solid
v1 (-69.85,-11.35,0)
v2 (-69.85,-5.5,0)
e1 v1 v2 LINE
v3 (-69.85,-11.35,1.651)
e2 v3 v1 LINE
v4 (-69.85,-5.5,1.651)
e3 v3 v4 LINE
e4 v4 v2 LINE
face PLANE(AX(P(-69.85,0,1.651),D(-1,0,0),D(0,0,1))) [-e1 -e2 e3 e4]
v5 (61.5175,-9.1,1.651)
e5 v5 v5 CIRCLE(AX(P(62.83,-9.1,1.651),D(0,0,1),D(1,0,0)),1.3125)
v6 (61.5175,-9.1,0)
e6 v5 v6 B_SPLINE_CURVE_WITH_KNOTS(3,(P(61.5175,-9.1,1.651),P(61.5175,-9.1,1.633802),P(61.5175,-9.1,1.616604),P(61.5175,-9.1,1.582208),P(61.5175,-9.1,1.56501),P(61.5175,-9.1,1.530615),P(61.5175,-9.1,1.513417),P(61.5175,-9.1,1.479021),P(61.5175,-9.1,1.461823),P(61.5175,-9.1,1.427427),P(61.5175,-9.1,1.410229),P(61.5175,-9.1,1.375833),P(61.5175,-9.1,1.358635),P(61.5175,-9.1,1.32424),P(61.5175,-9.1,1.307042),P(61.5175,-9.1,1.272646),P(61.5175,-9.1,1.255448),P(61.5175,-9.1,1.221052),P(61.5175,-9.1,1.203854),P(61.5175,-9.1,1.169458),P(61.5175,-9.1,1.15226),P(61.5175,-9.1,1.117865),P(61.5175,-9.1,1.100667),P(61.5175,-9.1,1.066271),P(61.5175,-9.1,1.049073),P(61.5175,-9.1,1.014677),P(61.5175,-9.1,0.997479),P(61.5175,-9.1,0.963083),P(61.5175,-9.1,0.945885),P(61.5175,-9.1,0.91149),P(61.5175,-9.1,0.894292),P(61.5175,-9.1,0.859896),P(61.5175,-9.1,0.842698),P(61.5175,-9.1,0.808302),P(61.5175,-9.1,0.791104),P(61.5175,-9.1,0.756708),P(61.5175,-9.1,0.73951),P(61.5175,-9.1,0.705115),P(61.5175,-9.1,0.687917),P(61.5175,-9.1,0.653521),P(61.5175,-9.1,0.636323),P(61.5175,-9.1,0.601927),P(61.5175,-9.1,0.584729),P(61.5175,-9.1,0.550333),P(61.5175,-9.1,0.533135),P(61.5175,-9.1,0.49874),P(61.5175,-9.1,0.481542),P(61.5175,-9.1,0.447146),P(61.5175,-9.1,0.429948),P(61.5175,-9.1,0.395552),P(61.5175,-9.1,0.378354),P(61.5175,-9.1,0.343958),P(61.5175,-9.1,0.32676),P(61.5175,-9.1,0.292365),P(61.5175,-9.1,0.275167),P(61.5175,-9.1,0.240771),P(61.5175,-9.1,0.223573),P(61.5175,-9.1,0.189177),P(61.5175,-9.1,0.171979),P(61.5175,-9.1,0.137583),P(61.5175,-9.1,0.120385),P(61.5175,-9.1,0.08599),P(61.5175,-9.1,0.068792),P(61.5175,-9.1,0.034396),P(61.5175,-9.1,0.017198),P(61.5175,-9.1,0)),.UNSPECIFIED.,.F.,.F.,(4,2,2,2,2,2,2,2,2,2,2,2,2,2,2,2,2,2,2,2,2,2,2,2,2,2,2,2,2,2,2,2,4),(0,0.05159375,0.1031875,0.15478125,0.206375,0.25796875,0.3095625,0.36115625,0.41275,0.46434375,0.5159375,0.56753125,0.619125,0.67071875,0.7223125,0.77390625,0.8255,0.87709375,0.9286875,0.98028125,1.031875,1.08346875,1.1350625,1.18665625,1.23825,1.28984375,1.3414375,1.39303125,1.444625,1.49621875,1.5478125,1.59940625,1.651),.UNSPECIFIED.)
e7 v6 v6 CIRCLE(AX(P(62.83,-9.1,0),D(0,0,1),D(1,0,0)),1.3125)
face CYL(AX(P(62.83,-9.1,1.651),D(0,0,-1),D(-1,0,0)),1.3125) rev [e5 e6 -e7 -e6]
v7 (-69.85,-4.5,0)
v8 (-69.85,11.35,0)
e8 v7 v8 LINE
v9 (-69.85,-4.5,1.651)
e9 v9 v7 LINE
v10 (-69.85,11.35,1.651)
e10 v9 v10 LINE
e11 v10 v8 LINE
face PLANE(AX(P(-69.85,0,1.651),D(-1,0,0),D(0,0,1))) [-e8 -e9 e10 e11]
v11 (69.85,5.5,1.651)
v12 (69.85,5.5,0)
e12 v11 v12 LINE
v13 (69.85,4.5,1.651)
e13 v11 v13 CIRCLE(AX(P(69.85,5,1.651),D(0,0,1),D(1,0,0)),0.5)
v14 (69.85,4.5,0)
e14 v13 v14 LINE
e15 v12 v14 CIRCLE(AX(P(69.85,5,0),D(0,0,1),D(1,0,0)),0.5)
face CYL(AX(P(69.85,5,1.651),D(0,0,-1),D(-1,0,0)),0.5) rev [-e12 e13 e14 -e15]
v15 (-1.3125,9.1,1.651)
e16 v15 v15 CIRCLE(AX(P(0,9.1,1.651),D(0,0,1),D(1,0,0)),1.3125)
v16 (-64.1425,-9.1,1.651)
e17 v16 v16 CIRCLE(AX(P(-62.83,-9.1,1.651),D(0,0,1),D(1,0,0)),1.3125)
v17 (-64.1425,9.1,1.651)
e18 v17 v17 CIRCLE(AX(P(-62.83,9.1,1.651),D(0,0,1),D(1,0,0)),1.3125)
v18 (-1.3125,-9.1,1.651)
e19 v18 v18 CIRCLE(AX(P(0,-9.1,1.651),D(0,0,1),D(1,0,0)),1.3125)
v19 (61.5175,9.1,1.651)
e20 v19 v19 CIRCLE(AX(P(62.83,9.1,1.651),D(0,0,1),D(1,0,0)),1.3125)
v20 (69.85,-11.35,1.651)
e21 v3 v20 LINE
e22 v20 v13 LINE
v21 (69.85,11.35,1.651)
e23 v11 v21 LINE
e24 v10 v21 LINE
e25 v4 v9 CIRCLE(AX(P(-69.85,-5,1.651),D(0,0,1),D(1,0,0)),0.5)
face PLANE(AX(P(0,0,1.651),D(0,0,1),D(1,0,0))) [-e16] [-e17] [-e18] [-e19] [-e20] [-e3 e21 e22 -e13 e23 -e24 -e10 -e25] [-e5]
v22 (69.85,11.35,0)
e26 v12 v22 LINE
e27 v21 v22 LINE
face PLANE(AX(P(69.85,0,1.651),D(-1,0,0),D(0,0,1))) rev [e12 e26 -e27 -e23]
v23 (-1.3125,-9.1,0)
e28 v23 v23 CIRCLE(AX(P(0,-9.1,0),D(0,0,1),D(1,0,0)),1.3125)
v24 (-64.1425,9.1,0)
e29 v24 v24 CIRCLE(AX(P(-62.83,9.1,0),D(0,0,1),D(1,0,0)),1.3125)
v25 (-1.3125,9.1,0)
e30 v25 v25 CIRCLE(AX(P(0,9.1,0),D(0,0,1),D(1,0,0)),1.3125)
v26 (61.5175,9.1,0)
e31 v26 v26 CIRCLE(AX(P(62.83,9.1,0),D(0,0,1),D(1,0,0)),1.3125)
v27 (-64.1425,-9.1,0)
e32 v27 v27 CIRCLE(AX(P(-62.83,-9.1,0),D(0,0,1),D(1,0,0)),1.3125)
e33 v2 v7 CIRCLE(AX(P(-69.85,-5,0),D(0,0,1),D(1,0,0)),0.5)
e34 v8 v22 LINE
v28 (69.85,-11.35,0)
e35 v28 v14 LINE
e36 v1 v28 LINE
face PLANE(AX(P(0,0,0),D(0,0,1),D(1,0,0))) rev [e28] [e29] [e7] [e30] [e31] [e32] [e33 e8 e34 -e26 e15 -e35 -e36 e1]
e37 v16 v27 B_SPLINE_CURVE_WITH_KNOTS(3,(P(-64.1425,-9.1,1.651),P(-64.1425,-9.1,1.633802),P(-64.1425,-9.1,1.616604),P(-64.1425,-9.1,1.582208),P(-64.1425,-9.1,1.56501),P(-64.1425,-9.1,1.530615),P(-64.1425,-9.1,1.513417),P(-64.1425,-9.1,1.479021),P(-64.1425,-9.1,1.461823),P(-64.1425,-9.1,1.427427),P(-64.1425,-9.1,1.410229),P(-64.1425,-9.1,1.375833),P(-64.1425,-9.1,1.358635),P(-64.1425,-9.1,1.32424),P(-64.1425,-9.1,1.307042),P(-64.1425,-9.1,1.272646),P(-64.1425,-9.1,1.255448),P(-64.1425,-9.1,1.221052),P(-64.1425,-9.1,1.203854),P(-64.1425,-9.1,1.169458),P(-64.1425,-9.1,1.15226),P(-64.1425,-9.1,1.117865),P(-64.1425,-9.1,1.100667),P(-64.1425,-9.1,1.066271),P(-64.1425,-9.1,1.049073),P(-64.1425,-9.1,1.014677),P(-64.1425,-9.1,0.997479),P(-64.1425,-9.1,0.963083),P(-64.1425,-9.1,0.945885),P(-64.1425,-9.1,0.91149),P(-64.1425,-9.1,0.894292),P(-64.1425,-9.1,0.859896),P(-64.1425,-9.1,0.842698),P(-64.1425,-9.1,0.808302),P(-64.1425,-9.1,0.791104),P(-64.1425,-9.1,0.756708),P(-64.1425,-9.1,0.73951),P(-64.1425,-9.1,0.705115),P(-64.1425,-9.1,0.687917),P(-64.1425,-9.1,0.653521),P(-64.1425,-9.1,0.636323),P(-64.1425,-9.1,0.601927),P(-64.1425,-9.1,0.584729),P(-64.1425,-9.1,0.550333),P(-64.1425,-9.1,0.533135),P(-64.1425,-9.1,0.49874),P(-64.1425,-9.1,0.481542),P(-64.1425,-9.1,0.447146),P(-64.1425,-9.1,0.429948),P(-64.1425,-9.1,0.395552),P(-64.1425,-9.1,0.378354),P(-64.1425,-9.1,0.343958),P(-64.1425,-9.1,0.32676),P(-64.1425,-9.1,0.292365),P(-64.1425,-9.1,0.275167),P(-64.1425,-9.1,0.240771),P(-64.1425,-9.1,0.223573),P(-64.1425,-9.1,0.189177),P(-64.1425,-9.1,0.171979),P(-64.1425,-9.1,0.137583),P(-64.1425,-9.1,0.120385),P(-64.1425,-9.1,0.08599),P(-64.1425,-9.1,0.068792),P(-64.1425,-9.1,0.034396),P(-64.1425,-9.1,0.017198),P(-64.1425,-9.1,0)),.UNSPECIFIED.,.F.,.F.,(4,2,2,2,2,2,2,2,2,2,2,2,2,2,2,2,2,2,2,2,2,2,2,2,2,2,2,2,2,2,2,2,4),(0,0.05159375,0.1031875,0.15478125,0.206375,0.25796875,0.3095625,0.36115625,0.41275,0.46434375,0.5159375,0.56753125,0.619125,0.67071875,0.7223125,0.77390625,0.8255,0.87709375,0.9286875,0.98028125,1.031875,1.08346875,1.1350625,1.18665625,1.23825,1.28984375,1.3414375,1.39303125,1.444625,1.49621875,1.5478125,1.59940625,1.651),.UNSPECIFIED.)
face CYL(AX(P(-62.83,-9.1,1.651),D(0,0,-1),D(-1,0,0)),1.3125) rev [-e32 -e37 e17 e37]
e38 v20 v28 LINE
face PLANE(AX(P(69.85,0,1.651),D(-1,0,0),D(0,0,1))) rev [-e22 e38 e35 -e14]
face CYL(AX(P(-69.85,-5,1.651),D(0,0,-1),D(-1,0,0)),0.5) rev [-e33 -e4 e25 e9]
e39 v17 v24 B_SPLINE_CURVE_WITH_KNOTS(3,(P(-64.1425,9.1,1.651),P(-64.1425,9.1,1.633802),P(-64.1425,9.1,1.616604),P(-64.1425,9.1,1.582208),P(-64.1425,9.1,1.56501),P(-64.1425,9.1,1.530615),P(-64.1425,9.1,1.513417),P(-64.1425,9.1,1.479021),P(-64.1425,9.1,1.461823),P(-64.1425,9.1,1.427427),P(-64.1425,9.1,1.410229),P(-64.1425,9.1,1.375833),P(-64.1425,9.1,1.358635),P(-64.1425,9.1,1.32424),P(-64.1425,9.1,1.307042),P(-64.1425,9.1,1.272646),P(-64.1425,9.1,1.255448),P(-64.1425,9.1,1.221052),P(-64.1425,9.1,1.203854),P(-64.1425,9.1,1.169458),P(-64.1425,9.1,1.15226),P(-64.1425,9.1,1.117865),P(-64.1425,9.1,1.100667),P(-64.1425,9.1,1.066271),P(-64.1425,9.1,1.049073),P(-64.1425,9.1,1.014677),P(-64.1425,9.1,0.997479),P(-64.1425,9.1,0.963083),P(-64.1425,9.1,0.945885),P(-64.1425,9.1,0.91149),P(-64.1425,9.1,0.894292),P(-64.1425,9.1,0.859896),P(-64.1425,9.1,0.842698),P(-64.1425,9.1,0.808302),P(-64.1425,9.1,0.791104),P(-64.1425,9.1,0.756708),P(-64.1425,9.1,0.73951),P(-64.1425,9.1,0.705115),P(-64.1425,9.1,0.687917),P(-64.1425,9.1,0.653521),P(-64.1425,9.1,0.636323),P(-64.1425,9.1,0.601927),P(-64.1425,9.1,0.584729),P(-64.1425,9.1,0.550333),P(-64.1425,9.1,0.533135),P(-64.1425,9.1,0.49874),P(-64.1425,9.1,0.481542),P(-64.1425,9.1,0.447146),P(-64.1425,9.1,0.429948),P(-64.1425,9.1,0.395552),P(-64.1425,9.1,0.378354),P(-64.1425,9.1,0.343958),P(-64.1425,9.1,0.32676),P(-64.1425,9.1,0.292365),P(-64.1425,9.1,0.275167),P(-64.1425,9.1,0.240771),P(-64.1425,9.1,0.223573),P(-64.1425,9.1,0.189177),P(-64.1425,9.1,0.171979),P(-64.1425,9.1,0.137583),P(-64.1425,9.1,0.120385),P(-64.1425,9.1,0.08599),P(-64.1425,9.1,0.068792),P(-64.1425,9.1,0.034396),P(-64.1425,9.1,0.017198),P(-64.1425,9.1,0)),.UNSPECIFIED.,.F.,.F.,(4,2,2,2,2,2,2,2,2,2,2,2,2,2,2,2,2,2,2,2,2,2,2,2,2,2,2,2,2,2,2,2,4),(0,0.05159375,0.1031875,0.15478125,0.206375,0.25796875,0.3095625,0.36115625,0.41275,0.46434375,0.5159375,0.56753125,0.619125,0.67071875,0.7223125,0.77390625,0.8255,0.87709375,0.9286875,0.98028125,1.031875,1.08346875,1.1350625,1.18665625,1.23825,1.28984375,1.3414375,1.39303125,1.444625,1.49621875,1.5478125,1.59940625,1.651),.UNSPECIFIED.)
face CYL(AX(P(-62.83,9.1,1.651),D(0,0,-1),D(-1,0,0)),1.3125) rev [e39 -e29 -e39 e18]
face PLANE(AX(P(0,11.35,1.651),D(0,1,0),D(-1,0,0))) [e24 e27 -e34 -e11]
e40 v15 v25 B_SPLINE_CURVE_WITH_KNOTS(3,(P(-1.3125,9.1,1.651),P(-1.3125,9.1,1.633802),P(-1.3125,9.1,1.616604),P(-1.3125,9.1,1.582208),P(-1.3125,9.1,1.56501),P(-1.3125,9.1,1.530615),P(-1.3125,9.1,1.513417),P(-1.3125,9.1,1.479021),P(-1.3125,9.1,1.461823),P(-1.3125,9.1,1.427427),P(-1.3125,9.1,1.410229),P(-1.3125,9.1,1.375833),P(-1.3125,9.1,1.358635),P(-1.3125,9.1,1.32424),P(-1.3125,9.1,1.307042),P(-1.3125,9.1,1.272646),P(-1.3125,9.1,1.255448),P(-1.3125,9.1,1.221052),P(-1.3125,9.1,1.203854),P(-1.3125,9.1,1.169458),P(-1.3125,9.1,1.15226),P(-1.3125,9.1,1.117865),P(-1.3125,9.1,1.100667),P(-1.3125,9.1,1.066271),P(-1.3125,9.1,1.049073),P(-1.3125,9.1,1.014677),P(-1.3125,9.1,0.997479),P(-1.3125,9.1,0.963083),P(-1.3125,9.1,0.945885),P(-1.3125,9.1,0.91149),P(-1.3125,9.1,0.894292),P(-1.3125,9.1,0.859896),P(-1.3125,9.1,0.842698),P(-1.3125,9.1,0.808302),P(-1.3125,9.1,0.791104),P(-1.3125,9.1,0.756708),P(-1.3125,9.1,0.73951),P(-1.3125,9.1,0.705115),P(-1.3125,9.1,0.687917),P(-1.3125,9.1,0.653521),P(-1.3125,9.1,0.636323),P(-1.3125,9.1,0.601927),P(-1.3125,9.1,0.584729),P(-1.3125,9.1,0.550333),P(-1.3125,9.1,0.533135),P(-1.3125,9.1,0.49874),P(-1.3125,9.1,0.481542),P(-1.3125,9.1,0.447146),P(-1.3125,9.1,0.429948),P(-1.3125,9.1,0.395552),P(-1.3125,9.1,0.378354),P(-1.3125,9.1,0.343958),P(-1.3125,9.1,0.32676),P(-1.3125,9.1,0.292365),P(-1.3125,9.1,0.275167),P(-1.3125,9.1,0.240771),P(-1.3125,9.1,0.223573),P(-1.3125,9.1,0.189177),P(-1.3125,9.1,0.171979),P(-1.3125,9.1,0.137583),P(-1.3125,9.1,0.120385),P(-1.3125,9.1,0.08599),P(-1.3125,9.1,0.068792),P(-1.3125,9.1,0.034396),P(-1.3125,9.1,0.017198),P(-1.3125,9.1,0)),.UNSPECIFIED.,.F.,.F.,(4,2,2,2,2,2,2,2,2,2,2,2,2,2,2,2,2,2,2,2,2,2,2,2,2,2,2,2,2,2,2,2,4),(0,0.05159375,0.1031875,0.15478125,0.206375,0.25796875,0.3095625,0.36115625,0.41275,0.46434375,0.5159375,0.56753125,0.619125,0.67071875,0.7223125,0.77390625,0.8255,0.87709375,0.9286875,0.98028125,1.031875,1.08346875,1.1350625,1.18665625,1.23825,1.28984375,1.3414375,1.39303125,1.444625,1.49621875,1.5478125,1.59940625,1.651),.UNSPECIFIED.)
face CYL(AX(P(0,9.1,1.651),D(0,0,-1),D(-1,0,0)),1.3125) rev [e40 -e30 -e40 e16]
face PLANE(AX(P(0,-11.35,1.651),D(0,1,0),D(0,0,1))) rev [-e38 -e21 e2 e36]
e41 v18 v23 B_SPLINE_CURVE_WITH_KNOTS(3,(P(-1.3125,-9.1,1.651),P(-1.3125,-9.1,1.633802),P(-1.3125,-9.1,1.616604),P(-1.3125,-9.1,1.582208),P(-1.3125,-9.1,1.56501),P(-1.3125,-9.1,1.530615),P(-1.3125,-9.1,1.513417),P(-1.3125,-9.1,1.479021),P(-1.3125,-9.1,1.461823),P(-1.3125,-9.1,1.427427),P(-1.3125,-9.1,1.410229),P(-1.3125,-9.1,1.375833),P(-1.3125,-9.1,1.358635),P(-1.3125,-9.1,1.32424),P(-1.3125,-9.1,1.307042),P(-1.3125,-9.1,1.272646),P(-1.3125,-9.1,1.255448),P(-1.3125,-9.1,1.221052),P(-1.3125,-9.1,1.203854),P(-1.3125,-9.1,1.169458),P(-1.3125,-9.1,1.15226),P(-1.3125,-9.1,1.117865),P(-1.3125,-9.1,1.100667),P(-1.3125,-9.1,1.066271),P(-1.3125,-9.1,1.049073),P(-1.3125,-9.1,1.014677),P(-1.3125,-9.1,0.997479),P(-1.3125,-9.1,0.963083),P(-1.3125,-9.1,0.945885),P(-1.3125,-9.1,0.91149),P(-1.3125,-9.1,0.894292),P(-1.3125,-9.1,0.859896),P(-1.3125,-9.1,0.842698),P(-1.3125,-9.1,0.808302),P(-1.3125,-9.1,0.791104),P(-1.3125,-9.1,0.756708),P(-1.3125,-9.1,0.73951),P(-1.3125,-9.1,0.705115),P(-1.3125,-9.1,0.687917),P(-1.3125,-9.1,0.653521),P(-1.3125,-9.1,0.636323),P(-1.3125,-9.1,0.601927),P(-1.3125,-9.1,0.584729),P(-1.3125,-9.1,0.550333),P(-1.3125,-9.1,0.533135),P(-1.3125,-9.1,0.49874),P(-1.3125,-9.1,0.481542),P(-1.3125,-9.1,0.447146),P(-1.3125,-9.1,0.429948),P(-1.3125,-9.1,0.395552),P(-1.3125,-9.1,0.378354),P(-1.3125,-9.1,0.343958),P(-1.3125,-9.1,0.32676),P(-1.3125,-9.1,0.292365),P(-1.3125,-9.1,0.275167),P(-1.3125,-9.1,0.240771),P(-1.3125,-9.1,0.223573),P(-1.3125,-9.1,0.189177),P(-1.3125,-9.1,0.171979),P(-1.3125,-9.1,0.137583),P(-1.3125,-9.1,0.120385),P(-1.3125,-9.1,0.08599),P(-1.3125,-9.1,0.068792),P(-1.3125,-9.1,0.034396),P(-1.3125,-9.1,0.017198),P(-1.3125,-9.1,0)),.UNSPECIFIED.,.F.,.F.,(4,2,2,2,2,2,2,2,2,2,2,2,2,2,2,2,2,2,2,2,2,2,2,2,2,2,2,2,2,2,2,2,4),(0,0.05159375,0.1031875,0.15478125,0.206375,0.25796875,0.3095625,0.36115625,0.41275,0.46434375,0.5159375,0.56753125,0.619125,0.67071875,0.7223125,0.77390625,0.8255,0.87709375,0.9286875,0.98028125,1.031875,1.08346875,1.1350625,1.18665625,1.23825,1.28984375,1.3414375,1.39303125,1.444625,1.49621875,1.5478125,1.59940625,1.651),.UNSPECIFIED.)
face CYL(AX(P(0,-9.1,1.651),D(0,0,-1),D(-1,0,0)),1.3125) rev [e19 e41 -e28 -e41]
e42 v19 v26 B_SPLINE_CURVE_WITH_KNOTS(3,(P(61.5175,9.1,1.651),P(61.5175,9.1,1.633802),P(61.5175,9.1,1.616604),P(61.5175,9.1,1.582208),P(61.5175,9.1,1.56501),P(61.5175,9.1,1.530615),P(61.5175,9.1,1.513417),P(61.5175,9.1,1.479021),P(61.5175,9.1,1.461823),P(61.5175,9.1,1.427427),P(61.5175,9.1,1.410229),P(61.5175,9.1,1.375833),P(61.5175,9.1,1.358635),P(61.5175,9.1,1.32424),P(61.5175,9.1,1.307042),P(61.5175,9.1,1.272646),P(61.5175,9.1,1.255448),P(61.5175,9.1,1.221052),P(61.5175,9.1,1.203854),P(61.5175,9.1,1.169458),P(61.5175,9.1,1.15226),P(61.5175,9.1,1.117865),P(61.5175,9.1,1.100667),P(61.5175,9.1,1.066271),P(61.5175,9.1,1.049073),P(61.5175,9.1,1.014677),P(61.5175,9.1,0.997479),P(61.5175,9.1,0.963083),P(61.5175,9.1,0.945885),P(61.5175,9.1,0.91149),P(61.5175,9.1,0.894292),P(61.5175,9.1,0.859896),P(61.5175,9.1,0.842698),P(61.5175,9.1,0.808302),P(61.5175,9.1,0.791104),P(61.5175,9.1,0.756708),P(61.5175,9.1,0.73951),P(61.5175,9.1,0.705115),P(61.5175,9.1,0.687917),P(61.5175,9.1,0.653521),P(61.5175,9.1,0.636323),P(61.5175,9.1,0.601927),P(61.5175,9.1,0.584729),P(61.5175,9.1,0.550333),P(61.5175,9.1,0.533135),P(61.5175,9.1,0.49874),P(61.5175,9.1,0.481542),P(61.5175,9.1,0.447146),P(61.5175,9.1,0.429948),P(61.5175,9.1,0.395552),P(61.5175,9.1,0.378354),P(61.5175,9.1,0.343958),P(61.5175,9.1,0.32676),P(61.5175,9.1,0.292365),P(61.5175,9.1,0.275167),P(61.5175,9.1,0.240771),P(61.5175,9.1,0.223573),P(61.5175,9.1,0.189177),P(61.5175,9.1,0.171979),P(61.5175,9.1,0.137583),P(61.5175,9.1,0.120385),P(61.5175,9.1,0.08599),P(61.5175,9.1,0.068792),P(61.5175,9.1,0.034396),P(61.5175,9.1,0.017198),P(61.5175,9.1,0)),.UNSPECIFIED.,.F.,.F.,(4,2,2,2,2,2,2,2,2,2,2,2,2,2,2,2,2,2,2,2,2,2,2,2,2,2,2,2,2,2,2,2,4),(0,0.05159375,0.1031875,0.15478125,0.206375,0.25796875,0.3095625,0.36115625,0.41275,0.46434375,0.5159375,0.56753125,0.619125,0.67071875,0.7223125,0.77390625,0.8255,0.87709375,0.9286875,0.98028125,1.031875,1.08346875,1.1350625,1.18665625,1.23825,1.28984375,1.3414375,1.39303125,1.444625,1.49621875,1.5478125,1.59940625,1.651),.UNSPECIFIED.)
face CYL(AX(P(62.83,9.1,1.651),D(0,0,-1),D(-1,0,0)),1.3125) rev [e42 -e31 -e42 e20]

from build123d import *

# Parameters (mm, degrees)
SKETCH1_R           = 1.3125
BOSS_EXTRUDE1_DEPTH = 1.651


with BuildPart() as part:
    # Sketch1 → Boss-Extrude1 (new body)
    with BuildSketch(Plane.XY):
        with BuildLine():
            Line((-69.85, -5.5), (-69.85, -11.35))
            Line((-69.85, -11.35), (69.85, -11.35))
            Line((69.85, -11.35), (69.85, 4.5))
            ThreePointArc((69.85, 4.5), (69.35, 5), (69.85, 5.5))
            Line((69.85, 5.5), (69.85, 11.35))
            Line((69.85, 11.35), (-69.85, 11.35))
            Line((-69.85, 11.35), (-69.85, -4.5))
            ThreePointArc((-69.85, -4.5), (-69.496446609, -4.646446609), (-69.35, -5))
            ThreePointArc((-69.35, -5), (-69.496446609, -5.353553391), (-69.85, -5.5))
        make_face()
        with Locations(Location((-62.83, -9.1, 0), (0, 0, 180))):
            Circle(SKETCH1_R, mode=Mode.SUBTRACT)
        with Locations(Location((0, -9.1, 0), (0, 0, 180))):
            Circle(SKETCH1_R, mode=Mode.SUBTRACT)
        with Locations(Location((62.83, -9.1, 0), (0, 0, 180))):
            Circle(SKETCH1_R, mode=Mode.SUBTRACT)
        with Locations(Location((-62.83, 9.1, 0), (0, 0, 180))):
            Circle(SKETCH1_R, mode=Mode.SUBTRACT)
        with Locations(Location((0, 9.1, 0), (0, 0, 180))):
            Circle(SKETCH1_R, mode=Mode.SUBTRACT)
        with Locations(Location((62.83, 9.1, 0), (0, 0, 180))):
            Circle(SKETCH1_R, mode=Mode.SUBTRACT)
    extrude(amount=BOSS_EXTRUDE1_DEPTH)


solid = part.part
